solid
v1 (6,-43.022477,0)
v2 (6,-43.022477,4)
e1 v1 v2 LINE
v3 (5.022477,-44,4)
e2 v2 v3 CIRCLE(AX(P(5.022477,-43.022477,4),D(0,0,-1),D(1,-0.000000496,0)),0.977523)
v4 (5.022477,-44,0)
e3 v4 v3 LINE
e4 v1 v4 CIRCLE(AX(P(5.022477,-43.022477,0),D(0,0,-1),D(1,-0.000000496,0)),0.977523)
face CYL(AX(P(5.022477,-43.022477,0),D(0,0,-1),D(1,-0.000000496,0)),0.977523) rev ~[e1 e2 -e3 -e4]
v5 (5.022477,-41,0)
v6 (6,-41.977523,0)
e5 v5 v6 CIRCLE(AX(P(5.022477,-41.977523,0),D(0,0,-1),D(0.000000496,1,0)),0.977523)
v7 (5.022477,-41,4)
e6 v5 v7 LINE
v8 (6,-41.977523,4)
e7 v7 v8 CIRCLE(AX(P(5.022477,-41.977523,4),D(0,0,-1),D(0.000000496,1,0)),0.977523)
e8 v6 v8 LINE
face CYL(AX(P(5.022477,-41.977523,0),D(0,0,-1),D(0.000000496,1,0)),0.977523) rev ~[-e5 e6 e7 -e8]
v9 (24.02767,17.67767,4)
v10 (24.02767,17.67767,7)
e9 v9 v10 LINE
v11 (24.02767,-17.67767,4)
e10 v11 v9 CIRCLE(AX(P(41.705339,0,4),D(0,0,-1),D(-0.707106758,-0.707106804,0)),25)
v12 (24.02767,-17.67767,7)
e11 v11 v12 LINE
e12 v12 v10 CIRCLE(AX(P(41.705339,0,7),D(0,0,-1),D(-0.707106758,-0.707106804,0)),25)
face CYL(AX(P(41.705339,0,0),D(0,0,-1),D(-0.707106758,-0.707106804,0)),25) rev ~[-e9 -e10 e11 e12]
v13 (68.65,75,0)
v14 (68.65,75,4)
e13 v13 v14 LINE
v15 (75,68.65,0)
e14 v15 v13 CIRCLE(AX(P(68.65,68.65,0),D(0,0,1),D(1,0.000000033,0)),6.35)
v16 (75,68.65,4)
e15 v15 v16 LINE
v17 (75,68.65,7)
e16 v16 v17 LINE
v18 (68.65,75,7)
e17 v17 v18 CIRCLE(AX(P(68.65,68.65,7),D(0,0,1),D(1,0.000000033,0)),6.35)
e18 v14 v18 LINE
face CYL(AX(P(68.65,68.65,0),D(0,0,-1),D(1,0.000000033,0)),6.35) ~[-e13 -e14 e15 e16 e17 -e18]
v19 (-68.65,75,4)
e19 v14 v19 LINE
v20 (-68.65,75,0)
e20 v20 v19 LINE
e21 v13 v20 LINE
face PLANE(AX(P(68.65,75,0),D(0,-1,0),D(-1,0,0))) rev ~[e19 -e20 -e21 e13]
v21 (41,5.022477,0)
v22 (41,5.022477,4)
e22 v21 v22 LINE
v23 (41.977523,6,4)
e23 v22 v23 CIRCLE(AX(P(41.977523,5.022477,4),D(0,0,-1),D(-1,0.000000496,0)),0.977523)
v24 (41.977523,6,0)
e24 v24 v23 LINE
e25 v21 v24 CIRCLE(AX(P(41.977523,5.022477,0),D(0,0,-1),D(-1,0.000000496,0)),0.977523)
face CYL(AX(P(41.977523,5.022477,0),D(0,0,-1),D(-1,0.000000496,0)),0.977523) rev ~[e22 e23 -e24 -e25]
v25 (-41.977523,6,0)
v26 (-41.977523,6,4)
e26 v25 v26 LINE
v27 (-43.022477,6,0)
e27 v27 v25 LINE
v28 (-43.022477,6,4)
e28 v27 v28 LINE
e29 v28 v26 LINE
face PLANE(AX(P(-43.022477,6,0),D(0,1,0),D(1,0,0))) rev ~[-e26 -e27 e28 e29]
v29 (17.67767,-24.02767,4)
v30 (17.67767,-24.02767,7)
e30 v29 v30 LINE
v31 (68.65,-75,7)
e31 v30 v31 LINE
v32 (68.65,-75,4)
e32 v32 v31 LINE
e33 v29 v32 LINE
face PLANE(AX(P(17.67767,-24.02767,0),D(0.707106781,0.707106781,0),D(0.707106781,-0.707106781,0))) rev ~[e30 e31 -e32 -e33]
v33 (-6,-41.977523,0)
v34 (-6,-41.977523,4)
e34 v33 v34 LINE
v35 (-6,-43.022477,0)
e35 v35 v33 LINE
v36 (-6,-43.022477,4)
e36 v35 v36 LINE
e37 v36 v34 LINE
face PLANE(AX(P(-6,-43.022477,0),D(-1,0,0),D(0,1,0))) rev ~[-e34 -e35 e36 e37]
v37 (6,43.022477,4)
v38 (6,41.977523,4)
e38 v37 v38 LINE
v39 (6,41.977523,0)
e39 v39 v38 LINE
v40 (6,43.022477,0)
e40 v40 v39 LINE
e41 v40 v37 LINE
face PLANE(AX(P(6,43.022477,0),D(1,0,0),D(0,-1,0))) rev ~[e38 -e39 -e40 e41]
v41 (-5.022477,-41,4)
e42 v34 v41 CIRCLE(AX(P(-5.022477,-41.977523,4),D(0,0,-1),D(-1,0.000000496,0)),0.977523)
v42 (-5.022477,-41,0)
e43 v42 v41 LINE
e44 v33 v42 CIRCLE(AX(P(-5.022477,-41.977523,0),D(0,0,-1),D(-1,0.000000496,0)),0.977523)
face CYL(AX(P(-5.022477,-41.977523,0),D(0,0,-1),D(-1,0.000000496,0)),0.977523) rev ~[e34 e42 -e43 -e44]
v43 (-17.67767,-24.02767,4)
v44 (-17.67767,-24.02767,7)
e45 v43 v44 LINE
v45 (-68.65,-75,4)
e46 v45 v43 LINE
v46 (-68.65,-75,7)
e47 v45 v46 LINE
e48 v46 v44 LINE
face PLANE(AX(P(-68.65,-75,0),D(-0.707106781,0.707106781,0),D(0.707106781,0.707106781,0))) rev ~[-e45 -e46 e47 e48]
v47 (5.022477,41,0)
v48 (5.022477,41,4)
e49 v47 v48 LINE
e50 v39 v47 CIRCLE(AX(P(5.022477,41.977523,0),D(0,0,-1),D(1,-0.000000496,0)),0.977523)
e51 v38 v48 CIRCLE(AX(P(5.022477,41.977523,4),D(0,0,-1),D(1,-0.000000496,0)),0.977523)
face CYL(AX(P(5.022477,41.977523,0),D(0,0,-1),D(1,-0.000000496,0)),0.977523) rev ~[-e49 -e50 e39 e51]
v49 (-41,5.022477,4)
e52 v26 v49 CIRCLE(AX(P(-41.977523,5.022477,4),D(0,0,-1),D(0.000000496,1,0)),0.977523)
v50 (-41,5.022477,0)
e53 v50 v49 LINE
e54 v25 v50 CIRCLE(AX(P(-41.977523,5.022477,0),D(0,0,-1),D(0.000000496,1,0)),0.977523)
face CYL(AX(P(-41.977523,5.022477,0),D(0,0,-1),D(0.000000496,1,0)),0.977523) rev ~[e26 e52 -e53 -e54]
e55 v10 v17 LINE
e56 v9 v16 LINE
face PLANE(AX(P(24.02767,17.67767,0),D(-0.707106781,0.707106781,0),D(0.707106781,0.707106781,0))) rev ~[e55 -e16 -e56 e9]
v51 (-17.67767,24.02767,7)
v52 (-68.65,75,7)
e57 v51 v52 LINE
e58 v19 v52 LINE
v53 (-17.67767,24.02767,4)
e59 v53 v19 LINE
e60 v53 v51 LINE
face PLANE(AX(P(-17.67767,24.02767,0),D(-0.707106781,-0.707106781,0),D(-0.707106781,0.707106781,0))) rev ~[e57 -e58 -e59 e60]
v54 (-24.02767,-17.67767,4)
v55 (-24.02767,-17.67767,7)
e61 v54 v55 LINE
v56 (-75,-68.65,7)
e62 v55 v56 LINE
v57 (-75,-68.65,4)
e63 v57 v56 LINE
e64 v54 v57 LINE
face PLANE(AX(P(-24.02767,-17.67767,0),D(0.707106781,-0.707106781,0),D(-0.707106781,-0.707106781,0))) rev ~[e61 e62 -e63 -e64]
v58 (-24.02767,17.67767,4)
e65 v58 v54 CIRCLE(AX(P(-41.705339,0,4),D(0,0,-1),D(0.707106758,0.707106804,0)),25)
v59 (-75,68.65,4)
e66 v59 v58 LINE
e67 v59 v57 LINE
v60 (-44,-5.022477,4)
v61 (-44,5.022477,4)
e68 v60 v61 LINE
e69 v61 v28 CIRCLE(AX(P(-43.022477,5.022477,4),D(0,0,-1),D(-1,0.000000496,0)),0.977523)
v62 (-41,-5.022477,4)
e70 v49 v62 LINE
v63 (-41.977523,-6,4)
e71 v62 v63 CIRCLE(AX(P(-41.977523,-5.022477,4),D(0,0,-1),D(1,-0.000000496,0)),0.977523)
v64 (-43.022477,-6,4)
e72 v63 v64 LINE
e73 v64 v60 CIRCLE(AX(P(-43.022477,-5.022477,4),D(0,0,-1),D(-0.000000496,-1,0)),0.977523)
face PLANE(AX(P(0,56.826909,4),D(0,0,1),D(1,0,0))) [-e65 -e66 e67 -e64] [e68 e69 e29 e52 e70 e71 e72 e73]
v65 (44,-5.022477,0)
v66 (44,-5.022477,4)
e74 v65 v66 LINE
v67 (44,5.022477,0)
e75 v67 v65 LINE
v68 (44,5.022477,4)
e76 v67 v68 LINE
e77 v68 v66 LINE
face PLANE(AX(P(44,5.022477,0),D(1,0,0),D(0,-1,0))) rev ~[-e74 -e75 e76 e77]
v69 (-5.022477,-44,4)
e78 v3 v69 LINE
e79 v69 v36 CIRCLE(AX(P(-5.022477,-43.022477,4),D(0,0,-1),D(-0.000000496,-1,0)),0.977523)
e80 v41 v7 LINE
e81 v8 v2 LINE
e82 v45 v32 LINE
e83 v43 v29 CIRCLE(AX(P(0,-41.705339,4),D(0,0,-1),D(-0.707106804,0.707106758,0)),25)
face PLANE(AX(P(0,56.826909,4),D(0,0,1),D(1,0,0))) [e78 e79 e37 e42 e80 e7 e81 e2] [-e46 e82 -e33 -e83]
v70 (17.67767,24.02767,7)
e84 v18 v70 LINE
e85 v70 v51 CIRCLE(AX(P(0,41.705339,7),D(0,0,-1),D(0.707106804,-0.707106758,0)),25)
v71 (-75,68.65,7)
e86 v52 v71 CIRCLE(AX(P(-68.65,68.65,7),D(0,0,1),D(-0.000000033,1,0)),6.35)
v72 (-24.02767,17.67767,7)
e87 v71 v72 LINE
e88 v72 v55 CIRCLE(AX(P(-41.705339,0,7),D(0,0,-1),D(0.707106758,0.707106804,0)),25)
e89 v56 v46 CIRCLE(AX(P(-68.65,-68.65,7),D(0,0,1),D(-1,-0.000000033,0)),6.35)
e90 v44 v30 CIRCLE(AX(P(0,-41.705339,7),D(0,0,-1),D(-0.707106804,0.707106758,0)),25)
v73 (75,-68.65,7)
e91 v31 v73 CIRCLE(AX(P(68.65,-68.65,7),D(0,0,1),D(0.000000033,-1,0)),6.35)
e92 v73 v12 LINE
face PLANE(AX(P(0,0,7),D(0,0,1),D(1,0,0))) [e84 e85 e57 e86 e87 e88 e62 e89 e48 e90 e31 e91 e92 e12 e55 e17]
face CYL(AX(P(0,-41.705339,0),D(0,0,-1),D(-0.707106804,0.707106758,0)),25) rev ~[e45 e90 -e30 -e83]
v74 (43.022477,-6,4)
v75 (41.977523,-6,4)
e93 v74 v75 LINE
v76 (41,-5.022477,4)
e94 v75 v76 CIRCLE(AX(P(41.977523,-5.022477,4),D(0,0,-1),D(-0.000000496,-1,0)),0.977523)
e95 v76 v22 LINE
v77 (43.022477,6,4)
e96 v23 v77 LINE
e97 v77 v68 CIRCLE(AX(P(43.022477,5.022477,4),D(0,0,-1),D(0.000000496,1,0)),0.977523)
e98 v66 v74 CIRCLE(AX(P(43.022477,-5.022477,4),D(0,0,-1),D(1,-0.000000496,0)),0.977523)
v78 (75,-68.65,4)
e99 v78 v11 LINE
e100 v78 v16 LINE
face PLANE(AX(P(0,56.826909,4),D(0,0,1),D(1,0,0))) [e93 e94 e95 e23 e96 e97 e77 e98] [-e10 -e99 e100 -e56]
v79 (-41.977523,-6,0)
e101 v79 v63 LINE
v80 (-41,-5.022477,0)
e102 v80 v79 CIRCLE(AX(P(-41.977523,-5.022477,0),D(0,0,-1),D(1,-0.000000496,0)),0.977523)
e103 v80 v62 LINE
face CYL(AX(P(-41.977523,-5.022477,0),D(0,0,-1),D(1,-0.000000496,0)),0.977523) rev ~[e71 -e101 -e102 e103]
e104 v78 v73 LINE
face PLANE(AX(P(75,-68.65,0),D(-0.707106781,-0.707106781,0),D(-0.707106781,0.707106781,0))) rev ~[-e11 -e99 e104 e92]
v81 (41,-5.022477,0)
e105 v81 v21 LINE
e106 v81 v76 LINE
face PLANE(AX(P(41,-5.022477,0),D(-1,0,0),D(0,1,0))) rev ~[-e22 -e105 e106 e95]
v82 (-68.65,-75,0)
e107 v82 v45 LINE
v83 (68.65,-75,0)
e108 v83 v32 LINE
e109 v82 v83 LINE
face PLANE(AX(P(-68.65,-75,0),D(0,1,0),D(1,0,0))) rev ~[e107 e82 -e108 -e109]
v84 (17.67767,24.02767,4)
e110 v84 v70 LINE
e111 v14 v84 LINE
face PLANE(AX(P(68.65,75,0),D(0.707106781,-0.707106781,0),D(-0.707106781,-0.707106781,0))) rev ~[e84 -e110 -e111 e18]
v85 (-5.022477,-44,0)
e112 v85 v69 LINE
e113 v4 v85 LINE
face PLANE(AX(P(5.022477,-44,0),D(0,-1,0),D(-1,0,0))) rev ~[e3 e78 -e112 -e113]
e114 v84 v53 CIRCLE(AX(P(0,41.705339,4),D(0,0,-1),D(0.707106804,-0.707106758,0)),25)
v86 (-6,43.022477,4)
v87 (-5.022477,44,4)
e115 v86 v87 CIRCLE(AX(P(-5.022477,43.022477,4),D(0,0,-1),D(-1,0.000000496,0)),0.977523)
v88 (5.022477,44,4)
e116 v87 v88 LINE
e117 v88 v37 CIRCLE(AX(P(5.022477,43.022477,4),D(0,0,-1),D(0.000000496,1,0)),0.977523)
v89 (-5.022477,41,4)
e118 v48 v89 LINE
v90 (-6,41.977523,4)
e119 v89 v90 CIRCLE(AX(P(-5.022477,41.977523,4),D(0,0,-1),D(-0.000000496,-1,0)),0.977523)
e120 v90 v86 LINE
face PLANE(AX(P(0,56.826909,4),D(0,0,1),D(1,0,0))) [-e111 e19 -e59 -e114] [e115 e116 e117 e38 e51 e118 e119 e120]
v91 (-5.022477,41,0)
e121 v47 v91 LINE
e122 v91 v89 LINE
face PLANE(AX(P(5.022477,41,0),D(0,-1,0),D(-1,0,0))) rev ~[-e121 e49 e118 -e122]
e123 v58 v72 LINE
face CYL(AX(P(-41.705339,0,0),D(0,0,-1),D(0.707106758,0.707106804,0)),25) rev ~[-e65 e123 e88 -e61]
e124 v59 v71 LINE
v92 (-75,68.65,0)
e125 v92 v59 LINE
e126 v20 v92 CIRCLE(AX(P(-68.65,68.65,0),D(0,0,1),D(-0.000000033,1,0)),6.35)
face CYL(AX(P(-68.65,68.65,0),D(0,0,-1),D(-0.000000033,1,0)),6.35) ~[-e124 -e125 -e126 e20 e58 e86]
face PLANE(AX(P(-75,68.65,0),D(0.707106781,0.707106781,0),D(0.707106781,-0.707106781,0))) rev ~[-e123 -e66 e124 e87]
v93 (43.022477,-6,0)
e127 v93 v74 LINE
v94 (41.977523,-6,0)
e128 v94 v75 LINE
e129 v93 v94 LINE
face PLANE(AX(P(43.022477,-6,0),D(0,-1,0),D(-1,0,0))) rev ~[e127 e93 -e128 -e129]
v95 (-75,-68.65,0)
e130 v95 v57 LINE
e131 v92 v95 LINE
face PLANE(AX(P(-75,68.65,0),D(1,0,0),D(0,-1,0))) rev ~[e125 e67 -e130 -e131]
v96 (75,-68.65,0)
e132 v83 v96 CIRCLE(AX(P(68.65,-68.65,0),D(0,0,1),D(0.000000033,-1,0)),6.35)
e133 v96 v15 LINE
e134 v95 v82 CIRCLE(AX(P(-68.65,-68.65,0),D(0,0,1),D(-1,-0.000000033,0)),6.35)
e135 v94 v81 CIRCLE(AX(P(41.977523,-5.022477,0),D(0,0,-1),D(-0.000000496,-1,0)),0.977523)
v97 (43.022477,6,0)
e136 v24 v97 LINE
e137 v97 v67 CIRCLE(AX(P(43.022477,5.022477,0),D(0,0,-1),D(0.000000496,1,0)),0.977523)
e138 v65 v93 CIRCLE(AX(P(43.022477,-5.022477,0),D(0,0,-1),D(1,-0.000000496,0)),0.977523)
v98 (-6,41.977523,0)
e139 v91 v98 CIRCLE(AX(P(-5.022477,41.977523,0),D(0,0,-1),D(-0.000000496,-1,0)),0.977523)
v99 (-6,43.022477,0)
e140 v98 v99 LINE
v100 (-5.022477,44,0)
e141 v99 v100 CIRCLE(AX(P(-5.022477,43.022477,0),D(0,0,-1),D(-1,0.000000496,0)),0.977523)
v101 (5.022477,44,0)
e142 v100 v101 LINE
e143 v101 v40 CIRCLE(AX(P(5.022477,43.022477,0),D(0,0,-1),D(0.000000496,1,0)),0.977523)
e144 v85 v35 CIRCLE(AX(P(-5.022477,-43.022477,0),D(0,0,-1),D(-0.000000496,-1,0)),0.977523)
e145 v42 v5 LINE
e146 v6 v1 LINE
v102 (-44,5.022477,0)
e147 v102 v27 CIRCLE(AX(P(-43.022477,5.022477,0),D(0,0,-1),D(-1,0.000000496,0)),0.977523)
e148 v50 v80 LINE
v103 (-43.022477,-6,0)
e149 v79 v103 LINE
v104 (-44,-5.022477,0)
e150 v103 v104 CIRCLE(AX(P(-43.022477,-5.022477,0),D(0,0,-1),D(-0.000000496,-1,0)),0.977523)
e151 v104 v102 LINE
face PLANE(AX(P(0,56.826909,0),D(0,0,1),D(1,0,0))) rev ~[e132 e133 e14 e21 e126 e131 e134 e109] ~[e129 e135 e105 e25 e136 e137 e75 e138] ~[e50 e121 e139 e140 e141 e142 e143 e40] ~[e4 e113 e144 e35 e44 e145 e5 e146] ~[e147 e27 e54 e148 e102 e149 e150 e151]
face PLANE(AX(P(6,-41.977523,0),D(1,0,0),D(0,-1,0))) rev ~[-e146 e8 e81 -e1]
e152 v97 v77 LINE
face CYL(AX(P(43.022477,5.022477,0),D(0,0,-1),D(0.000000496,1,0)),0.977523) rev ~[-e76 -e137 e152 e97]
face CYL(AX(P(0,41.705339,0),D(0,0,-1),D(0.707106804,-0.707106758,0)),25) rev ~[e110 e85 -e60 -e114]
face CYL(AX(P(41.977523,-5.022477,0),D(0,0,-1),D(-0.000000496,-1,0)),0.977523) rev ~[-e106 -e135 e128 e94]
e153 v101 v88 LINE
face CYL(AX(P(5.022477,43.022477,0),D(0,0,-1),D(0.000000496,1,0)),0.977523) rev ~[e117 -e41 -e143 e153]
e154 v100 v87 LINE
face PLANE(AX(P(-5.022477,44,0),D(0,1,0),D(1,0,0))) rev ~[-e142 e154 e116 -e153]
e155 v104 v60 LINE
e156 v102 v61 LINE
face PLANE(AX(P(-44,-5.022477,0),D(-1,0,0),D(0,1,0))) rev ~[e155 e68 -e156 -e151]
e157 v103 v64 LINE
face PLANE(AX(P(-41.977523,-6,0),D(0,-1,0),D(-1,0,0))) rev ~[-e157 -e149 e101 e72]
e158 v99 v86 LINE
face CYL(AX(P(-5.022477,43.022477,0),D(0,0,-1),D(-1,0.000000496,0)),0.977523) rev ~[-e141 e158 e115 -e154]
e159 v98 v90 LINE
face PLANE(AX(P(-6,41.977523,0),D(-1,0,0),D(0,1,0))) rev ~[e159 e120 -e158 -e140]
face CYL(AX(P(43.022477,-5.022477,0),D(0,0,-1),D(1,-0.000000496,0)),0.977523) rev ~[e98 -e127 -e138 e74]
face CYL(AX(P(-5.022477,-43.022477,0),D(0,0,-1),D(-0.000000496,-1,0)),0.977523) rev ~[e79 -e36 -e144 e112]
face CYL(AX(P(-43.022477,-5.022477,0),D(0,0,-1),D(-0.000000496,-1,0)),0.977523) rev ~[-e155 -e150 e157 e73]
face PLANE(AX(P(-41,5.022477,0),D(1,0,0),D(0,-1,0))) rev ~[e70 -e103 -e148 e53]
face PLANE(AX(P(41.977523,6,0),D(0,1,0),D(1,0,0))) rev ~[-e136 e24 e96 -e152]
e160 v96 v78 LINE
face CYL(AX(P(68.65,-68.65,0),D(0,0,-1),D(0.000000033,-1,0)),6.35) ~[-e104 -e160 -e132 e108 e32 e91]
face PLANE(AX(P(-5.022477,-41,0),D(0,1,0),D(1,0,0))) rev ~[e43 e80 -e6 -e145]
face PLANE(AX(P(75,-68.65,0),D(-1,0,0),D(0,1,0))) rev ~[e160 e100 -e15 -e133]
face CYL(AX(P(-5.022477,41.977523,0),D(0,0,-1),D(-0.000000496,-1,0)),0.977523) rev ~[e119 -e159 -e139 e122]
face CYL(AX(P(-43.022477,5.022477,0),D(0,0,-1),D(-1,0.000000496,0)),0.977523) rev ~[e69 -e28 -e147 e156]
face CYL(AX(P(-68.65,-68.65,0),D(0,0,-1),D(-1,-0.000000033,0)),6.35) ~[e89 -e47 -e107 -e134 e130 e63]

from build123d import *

# Parameters (mm, degrees)
F1_DEPTH = 7
F2_DEPTH = 4


with BuildPart() as f1:
    # F0 (on Top) → F1 (new body)
    with BuildSketch(Plane.XY):
        with BuildLine():
            ThreePointArc((75, 68.65), (73.140128, 73.140128), (68.65, 75))
            Line((68.65, 75), (17.67767, 24.02767))
            ThreePointArc((17.67767, 24.02767), (0, 16.705339), (-17.67767, 24.02767))
            Line((-17.67767, 24.02767), (-68.65, 75))
            ThreePointArc((-68.65, 75), (-73.140128, 73.140128), (-75, 68.65))
            Line((-75, 68.65), (-24.02767, 17.67767))
            ThreePointArc((-24.02767, 17.67767), (-16.705339, 0), (-24.02767, -17.67767))
            Line((-24.02767, -17.67767), (-75, -68.65))
            ThreePointArc((-75, -68.65), (-73.140128, -73.140128), (-68.65, -75))
            Line((-68.65, -75), (-17.67767, -24.02767))
            ThreePointArc((-17.67767, -24.02767), (0, -16.705339), (17.67767, -24.02767))
            Line((17.67767, -24.02767), (68.65, -75))
            ThreePointArc((68.65, -75), (73.140128, -73.140128), (75, -68.65))
            Line((75, -68.65), (24.02767, -17.67767))
            ThreePointArc((24.02767, -17.67767), (16.705339, 0), (24.02767, 17.67767))
            Line((24.02767, 17.67767), (75, 68.65))
        make_face()
    extrude(amount=F1_DEPTH)

    # F0 (on Top) → F2 (join)
    with BuildSketch(Plane.XY):
        with BuildLine():
            Line((17.67767, 24.02767), (68.65, 75))
            Line((68.65, 75), (-68.65, 75))
            Line((-68.65, 75), (-17.67767, 24.02767))
            ThreePointArc((-17.67767, 24.02767), (0, 16.705339), (17.67767, 24.02767))
        make_face()
        with BuildLine():
            Line((-5.022477, 44), (5.022477, 44))
            ThreePointArc((5.022477, 44), (5.71369, 43.71369), (6, 43.022477))
            Line((6, 43.022477), (6, 41.977523))
            ThreePointArc((6, 41.977523), (5.71369, 41.28631), (5.022477, 41))
            Line((5.022477, 41), (-5.022477, 41))
            ThreePointArc((-5.022477, 41), (-5.71369, 41.28631), (-6, 41.977523))
            Line((-6, 41.977523), (-6, 43.022477))
            ThreePointArc((-6, 43.022477), (-5.71369, 43.71369), (-5.022477, 44))
        make_face(mode=Mode.SUBTRACT)
        with BuildLine():
            ThreePointArc((75, 68.65), (73.140128, 73.140128), (68.65, 75))
            Line((68.65, 75), (17.67767, 24.02767))
            ThreePointArc((17.67767, 24.02767), (0, 16.705339), (-17.67767, 24.02767))
            Line((-17.67767, 24.02767), (-68.65, 75))
            ThreePointArc((-68.65, 75), (-73.140128, 73.140128), (-75, 68.65))
            Line((-75, 68.65), (-24.02767, 17.67767))
            ThreePointArc((-24.02767, 17.67767), (-16.705339, 0), (-24.02767, -17.67767))
            Line((-24.02767, -17.67767), (-75, -68.65))
            ThreePointArc((-75, -68.65), (-73.140128, -73.140128), (-68.65, -75))
            Line((-68.65, -75), (-17.67767, -24.02767))
            ThreePointArc((-17.67767, -24.02767), (0, -16.705339), (17.67767, -24.02767))
            Line((17.67767, -24.02767), (68.65, -75))
            ThreePointArc((68.65, -75), (73.140128, -73.140128), (75, -68.65))
            Line((75, -68.65), (24.02767, -17.67767))
            ThreePointArc((24.02767, -17.67767), (16.705339, 0), (24.02767, 17.67767))
            Line((24.02767, 17.67767), (75, 68.65))
        make_face()
        with BuildLine():
            Line((75, -68.65), (75, 68.65))
            Line((75, 68.65), (24.02767, 17.67767))
            ThreePointArc((24.02767, 17.67767), (16.705339, 0), (24.02767, -17.67767))
            Line((24.02767, -17.67767), (75, -68.65))
        make_face()
        with BuildLine():
            ThreePointArc((43.022477, 6), (43.71369, 5.71369), (44, 5.022477))
            Line((44, 5.022477), (44, -5.022477))
            ThreePointArc((44, -5.022477), (43.71369, -5.71369), (43.022477, -6))
            Line((43.022477, -6), (41.977523, -6))
            ThreePointArc((41.977523, -6), (41.28631, -5.71369), (41, -5.022477))
            Line((41, -5.022477), (41, 5.022477))
            ThreePointArc((41, 5.022477), (41.28631, 5.71369), (41.977523, 6))
            Line((41.977523, 6), (43.022477, 6))
        make_face(mode=Mode.SUBTRACT)
        with BuildLine():
            Line((-24.02767, 17.67767), (-75, 68.65))
            Line((-75, 68.65), (-75, -68.65))
            Line((-75, -68.65), (-24.02767, -17.67767))
            ThreePointArc((-24.02767, -17.67767), (-16.705339, 0), (-24.02767, 17.67767))
        make_face()
        with BuildLine():
            Line((-41, 5.022477), (-41, -5.022477))
            ThreePointArc((-41, -5.022477), (-41.28631, -5.71369), (-41.977523, -6))
            Line((-41.977523, -6), (-43.022477, -6))
            ThreePointArc((-43.022477, -6), (-43.71369, -5.71369), (-44, -5.022477))
            Line((-44, -5.022477), (-44, 5.022477))
            ThreePointArc((-44, 5.022477), (-43.71369, 5.71369), (-43.022477, 6))
            Line((-43.022477, 6), (-41.977523, 6))
            ThreePointArc((-41.977523, 6), (-41.28631, 5.71369), (-41, 5.022477))
        make_face(mode=Mode.SUBTRACT)
        with BuildLine():
            Line((-68.65, -75), (68.65, -75))
            Line((68.65, -75), (17.67767, -24.02767))
            ThreePointArc((17.67767, -24.02767), (0, -16.705339), (-17.67767, -24.02767))
            Line((-17.67767, -24.02767), (-68.65, -75))
        make_face()
        with BuildLine():
            ThreePointArc((6, -43.022477), (5.71369, -43.71369), (5.022477, -44))
            Line((5.022477, -44), (-5.022477, -44))
            ThreePointArc((-5.022477, -44), (-5.71369, -43.71369), (-6, -43.022477))
            Line((-6, -43.022477), (-6, -41.977523))
            ThreePointArc((-6, -41.977523), (-5.71369, -41.28631), (-5.022477, -41))
            Line((-5.022477, -41), (5.022477, -41))
            ThreePointArc((5.022477, -41), (5.71369, -41.28631), (6, -41.977523))
            Line((6, -41.977523), (6, -43.022477))
        make_face(mode=Mode.SUBTRACT)
    extrude(amount=F2_DEPTH)


solid = f1.part
